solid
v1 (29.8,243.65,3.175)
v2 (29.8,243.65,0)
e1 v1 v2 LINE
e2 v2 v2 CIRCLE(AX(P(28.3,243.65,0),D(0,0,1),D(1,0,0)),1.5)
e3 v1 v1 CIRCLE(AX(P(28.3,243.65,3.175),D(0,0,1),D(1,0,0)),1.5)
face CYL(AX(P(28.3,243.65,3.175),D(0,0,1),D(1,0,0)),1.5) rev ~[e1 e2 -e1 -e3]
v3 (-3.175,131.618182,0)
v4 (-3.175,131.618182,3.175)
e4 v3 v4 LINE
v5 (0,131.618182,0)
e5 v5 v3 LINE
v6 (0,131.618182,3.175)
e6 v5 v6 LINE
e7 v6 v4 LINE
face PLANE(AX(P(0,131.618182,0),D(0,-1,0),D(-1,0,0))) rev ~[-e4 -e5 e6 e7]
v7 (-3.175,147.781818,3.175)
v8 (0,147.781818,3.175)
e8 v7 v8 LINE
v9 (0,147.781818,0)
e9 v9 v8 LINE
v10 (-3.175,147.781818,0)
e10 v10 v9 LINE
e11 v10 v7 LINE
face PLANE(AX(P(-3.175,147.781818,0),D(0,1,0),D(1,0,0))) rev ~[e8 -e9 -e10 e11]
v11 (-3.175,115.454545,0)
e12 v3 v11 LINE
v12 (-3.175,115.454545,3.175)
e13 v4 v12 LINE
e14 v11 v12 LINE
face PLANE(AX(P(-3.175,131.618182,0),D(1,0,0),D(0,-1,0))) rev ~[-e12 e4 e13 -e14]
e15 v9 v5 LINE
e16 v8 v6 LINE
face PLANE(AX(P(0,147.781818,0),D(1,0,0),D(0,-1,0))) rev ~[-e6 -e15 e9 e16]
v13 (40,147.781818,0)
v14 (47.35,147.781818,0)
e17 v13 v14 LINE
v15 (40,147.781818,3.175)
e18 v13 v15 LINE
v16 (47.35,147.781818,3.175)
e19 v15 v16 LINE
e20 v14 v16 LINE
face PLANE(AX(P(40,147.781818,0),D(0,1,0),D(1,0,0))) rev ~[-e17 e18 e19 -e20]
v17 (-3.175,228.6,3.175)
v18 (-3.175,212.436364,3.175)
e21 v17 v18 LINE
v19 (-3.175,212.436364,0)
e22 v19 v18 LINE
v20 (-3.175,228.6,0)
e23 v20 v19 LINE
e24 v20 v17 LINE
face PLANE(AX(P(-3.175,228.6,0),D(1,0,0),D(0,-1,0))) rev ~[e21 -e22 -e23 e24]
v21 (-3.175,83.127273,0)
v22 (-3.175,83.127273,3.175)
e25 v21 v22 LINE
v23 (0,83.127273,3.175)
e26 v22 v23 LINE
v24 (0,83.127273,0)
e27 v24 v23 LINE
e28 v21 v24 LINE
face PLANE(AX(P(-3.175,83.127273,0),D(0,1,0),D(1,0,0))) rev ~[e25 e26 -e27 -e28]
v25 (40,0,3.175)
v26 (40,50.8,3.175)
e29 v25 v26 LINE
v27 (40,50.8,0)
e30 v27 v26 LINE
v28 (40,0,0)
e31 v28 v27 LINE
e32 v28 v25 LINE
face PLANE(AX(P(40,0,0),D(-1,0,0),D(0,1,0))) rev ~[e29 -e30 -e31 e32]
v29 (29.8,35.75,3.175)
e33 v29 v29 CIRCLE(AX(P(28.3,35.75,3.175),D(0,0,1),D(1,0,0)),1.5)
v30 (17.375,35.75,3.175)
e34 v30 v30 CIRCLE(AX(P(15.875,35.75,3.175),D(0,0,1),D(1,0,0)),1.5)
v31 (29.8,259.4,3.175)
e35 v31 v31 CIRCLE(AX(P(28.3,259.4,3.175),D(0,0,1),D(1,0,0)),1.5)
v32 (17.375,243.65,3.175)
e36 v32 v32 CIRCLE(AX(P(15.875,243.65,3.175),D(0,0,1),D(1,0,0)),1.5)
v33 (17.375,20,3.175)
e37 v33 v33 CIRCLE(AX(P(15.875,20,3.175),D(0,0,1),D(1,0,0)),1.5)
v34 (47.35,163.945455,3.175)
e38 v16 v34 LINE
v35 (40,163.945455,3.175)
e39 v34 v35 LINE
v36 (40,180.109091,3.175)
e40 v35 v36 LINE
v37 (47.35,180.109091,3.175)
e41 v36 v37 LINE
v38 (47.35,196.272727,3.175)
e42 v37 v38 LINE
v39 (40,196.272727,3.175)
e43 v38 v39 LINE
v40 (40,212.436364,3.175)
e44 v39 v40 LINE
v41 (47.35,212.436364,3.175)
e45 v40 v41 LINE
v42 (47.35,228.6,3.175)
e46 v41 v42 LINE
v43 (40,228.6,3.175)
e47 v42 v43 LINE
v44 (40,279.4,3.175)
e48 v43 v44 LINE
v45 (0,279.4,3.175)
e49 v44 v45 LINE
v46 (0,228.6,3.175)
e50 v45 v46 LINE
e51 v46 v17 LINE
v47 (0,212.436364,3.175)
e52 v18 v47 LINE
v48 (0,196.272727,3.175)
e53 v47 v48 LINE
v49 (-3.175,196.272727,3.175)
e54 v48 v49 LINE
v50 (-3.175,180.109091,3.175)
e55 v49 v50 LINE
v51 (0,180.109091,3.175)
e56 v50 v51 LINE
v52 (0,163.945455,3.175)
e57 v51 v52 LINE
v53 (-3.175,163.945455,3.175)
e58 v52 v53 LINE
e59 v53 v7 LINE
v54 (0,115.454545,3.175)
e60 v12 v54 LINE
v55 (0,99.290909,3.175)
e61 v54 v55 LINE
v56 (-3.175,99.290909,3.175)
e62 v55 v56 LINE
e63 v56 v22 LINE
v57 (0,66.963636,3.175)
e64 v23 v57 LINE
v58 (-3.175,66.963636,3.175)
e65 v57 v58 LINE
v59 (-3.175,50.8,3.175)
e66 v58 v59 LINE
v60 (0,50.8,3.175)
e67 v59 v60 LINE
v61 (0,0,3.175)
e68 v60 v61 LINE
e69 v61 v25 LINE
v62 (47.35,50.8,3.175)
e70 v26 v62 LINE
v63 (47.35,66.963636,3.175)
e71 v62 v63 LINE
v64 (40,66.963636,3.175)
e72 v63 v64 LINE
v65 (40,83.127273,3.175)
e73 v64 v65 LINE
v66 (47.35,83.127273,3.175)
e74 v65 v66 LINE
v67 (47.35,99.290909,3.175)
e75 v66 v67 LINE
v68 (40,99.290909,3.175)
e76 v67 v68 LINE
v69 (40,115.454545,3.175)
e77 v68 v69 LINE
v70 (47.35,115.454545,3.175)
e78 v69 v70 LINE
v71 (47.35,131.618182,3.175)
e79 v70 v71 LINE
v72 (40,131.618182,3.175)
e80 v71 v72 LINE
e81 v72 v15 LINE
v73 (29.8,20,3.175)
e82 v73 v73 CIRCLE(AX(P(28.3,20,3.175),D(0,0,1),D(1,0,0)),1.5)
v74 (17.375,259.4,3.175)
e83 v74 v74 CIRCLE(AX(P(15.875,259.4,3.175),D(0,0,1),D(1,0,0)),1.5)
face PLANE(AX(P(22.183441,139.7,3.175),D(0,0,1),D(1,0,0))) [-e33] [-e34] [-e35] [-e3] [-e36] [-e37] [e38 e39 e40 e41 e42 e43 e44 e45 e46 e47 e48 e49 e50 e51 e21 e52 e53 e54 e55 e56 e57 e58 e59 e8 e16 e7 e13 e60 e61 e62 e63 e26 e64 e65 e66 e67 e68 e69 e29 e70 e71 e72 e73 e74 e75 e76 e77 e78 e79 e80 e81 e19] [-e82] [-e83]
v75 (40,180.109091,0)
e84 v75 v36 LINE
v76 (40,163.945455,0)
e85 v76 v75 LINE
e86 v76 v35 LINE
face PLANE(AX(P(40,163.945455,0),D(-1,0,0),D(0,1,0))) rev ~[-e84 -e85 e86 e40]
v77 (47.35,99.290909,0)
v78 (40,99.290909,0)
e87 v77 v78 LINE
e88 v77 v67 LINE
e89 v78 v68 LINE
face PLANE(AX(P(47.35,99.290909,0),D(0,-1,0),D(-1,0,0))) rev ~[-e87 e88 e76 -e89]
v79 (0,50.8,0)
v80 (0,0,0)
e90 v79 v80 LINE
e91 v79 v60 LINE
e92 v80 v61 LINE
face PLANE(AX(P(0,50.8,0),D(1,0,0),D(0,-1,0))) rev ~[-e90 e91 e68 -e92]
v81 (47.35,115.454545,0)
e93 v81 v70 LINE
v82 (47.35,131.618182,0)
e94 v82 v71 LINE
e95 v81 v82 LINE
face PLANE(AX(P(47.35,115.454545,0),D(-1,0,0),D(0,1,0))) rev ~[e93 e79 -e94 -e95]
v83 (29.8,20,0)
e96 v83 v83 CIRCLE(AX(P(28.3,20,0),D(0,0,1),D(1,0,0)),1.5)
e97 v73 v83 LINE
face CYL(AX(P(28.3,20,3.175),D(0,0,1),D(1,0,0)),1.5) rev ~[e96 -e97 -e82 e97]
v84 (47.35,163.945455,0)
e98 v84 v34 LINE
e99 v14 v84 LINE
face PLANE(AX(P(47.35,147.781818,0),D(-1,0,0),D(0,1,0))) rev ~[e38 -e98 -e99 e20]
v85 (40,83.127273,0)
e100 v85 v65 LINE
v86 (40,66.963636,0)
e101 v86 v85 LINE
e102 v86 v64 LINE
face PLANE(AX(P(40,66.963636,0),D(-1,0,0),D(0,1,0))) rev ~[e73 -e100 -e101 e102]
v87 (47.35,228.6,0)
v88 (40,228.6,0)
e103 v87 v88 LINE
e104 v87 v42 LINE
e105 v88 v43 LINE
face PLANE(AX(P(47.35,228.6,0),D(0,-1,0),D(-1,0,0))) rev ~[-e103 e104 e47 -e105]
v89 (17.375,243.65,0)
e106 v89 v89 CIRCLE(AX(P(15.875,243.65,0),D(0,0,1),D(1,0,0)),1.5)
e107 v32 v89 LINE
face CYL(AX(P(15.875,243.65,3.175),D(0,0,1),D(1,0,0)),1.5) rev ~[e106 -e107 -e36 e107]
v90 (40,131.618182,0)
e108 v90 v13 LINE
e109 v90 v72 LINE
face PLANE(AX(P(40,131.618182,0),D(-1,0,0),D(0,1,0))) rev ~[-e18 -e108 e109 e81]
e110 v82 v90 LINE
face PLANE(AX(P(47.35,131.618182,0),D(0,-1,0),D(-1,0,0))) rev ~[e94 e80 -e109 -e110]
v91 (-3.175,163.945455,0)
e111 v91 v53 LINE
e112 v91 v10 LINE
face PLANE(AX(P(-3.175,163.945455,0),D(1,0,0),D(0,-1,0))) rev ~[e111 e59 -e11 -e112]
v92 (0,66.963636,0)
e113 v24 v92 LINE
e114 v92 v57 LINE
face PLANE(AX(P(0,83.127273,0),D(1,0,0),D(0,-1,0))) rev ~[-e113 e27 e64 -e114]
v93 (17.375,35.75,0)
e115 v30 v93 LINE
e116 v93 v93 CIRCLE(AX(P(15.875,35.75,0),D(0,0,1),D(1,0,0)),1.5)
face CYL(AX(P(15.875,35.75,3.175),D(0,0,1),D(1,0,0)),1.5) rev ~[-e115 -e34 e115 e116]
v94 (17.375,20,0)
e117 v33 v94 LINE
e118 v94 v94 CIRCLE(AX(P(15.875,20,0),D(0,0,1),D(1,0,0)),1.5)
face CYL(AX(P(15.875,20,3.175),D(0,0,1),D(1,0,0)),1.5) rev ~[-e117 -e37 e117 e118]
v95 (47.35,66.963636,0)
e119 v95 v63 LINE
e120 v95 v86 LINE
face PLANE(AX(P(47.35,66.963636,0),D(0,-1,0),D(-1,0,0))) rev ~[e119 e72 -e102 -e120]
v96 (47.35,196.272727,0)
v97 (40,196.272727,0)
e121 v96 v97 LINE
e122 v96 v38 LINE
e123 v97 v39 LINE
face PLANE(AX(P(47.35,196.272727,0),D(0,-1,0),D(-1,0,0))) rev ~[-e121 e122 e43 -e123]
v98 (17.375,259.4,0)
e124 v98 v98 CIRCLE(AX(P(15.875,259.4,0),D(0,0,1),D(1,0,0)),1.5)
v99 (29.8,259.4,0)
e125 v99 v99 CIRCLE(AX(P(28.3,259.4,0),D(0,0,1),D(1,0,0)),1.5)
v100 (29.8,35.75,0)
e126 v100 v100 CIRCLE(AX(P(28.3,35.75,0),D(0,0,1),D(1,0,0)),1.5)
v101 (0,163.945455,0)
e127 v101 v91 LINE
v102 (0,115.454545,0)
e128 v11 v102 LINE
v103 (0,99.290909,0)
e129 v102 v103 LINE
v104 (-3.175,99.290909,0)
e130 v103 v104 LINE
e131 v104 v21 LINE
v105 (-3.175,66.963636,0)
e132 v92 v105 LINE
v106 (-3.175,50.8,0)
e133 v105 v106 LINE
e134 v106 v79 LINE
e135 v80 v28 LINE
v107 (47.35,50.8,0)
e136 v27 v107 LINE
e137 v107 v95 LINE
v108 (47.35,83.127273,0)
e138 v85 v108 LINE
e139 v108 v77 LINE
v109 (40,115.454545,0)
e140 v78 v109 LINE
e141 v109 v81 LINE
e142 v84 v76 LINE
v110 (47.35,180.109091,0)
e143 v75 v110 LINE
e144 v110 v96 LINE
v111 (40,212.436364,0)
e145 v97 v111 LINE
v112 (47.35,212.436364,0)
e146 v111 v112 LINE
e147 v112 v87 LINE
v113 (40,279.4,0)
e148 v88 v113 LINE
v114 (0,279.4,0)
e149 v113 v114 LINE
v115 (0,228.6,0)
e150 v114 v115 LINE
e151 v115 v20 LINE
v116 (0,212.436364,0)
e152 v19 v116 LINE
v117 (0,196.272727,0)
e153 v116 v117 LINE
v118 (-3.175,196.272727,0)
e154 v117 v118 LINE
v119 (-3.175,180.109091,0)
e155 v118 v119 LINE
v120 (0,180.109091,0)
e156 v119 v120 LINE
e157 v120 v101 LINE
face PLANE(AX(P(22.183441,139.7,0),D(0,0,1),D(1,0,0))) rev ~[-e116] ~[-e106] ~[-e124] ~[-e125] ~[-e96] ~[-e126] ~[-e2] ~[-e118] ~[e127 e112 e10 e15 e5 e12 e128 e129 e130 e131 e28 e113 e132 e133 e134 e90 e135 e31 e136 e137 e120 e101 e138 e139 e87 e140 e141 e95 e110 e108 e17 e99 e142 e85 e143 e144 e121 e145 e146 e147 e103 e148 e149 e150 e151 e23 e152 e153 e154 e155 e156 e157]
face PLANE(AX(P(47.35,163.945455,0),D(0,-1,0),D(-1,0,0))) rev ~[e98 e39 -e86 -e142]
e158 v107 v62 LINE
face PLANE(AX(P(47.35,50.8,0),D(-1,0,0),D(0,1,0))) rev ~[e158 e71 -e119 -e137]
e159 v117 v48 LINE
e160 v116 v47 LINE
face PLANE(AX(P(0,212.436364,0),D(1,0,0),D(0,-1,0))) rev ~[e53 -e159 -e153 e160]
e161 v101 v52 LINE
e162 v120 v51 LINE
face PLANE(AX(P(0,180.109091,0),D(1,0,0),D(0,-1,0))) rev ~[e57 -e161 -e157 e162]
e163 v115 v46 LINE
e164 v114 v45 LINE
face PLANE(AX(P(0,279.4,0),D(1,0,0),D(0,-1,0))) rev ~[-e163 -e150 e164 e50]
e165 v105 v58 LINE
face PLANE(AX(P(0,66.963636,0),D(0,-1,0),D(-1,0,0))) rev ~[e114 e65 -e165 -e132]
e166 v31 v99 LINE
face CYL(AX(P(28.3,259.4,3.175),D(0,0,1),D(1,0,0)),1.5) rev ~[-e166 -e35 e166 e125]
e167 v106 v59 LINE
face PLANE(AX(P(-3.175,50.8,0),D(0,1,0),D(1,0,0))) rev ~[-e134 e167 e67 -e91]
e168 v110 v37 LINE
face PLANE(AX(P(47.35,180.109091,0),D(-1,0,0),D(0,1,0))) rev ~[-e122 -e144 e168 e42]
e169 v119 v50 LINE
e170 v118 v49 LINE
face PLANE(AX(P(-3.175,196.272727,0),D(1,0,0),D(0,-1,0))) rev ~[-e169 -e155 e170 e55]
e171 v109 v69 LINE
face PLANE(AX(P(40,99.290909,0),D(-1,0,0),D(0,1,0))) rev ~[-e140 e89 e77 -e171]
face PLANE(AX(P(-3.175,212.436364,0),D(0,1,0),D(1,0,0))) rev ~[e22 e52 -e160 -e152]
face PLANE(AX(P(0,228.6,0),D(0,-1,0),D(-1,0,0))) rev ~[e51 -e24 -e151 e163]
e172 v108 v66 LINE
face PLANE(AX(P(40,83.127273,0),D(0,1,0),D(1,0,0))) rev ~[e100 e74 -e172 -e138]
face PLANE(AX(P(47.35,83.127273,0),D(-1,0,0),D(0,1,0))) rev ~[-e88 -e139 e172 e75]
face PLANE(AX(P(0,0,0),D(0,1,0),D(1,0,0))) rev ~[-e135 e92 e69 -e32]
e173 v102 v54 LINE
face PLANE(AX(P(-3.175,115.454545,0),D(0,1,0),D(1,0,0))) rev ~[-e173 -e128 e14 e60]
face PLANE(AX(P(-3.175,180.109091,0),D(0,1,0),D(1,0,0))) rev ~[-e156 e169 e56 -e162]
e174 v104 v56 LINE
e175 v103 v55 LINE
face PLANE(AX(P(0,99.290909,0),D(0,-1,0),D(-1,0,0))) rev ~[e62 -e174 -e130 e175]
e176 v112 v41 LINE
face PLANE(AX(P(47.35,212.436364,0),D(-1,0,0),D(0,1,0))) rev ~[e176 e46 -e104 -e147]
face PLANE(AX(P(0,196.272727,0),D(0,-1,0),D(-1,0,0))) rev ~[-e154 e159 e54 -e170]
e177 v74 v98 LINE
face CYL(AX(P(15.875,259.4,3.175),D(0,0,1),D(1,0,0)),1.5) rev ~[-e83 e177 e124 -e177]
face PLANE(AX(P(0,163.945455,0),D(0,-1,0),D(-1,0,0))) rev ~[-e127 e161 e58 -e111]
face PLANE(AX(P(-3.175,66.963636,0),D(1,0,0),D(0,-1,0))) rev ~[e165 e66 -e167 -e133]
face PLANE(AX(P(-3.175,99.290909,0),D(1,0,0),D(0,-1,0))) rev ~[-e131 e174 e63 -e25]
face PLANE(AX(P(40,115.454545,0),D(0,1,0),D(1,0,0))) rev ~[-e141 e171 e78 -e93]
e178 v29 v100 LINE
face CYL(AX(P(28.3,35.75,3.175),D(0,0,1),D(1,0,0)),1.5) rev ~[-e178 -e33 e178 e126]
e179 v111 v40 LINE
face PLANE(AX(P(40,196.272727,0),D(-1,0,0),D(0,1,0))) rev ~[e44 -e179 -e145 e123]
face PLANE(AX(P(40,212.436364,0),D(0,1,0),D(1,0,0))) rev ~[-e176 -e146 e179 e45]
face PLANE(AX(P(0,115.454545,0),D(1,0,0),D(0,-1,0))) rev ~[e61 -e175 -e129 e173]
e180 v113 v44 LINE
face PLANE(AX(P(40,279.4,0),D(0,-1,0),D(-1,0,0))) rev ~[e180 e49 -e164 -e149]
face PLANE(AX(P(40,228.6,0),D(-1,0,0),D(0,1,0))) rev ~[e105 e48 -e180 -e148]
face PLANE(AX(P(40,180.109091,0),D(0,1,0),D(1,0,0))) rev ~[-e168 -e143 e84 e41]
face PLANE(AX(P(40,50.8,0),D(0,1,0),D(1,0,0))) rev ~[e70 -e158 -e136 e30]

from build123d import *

# Parameters (mm, degrees)
BOSS_EXTRUDE1_DEPTH = 3.175
SKETCH2_R           = 1.5
CUT_EXTRUDE1_DEPTH  = 3.175


with BuildPart() as part:
    # Sketch1 → Boss-Extrude1 (new body)
    with BuildSketch(Plane.XY):
        Polygon((40, 279.4), (0, 279.4), (0, 228.6), (-3.175, 228.6), (-3.175, 212.436363636), (0, 212.436363636), (0, 196.272727273), (-3.175, 196.272727273), (-3.175, 180.109090909), (0, 180.109090909), (0, 163.945454545), (-3.175, 163.945454545), (-3.175, 147.781818182), (0, 147.781818182), (0, 131.618181818), (-3.175, 131.618181818), (-3.175, 115.454545455), (0, 115.454545455), (0, 99.290909091), (-3.175, 99.290909091), (-3.175, 83.127272727), (0, 83.127272727), (0, 66.963636364), (-3.175, 66.963636364), (-3.175, 50.8), (0, 50.8), (0, 0), (40, 0), (40, 50.8), (47.35, 50.8), (47.35, 66.963636364), (40, 66.963636364), (40, 83.127272727), (47.35, 83.127272727), (47.35, 99.290909091), (40, 99.290909091), (40, 115.454545455), (47.35, 115.454545455), (47.35, 131.618181818), (40, 131.618181818), (40, 147.781818182), (47.35, 147.781818182), (47.35, 163.945454545), (40, 163.945454545), (40, 180.109090909), (47.35, 180.109090909), (47.35, 196.272727273), (40, 196.272727273), (40, 212.436363636), (47.35, 212.436363636), (47.35, 228.6), (40, 228.6), align=None)
    extrude(amount=BOSS_EXTRUDE1_DEPTH)

    # Sketch2 → Cut-Extrude1 (cut)
    with BuildSketch(Plane.XY.offset(3.175)):
        with Locations((15.875, 20)):
            Circle(SKETCH2_R)
        with Locations((15.875, 35.75)):
            Circle(SKETCH2_R)
        with Locations((15.875, 243.65)):
            Circle(SKETCH2_R)
        with Locations((15.875, 259.4)):
            Circle(SKETCH2_R)
        with Locations((28.3, 20)):
            Circle(SKETCH2_R)
        with Locations((28.3, 35.75)):
            Circle(SKETCH2_R)
        with Locations((28.3, 243.65)):
            Circle(SKETCH2_R)
        with Locations((28.3, 259.4)):
            Circle(SKETCH2_R)
    extrude(amount=-CUT_EXTRUDE1_DEPTH, mode=Mode.SUBTRACT)


solid = part.part
